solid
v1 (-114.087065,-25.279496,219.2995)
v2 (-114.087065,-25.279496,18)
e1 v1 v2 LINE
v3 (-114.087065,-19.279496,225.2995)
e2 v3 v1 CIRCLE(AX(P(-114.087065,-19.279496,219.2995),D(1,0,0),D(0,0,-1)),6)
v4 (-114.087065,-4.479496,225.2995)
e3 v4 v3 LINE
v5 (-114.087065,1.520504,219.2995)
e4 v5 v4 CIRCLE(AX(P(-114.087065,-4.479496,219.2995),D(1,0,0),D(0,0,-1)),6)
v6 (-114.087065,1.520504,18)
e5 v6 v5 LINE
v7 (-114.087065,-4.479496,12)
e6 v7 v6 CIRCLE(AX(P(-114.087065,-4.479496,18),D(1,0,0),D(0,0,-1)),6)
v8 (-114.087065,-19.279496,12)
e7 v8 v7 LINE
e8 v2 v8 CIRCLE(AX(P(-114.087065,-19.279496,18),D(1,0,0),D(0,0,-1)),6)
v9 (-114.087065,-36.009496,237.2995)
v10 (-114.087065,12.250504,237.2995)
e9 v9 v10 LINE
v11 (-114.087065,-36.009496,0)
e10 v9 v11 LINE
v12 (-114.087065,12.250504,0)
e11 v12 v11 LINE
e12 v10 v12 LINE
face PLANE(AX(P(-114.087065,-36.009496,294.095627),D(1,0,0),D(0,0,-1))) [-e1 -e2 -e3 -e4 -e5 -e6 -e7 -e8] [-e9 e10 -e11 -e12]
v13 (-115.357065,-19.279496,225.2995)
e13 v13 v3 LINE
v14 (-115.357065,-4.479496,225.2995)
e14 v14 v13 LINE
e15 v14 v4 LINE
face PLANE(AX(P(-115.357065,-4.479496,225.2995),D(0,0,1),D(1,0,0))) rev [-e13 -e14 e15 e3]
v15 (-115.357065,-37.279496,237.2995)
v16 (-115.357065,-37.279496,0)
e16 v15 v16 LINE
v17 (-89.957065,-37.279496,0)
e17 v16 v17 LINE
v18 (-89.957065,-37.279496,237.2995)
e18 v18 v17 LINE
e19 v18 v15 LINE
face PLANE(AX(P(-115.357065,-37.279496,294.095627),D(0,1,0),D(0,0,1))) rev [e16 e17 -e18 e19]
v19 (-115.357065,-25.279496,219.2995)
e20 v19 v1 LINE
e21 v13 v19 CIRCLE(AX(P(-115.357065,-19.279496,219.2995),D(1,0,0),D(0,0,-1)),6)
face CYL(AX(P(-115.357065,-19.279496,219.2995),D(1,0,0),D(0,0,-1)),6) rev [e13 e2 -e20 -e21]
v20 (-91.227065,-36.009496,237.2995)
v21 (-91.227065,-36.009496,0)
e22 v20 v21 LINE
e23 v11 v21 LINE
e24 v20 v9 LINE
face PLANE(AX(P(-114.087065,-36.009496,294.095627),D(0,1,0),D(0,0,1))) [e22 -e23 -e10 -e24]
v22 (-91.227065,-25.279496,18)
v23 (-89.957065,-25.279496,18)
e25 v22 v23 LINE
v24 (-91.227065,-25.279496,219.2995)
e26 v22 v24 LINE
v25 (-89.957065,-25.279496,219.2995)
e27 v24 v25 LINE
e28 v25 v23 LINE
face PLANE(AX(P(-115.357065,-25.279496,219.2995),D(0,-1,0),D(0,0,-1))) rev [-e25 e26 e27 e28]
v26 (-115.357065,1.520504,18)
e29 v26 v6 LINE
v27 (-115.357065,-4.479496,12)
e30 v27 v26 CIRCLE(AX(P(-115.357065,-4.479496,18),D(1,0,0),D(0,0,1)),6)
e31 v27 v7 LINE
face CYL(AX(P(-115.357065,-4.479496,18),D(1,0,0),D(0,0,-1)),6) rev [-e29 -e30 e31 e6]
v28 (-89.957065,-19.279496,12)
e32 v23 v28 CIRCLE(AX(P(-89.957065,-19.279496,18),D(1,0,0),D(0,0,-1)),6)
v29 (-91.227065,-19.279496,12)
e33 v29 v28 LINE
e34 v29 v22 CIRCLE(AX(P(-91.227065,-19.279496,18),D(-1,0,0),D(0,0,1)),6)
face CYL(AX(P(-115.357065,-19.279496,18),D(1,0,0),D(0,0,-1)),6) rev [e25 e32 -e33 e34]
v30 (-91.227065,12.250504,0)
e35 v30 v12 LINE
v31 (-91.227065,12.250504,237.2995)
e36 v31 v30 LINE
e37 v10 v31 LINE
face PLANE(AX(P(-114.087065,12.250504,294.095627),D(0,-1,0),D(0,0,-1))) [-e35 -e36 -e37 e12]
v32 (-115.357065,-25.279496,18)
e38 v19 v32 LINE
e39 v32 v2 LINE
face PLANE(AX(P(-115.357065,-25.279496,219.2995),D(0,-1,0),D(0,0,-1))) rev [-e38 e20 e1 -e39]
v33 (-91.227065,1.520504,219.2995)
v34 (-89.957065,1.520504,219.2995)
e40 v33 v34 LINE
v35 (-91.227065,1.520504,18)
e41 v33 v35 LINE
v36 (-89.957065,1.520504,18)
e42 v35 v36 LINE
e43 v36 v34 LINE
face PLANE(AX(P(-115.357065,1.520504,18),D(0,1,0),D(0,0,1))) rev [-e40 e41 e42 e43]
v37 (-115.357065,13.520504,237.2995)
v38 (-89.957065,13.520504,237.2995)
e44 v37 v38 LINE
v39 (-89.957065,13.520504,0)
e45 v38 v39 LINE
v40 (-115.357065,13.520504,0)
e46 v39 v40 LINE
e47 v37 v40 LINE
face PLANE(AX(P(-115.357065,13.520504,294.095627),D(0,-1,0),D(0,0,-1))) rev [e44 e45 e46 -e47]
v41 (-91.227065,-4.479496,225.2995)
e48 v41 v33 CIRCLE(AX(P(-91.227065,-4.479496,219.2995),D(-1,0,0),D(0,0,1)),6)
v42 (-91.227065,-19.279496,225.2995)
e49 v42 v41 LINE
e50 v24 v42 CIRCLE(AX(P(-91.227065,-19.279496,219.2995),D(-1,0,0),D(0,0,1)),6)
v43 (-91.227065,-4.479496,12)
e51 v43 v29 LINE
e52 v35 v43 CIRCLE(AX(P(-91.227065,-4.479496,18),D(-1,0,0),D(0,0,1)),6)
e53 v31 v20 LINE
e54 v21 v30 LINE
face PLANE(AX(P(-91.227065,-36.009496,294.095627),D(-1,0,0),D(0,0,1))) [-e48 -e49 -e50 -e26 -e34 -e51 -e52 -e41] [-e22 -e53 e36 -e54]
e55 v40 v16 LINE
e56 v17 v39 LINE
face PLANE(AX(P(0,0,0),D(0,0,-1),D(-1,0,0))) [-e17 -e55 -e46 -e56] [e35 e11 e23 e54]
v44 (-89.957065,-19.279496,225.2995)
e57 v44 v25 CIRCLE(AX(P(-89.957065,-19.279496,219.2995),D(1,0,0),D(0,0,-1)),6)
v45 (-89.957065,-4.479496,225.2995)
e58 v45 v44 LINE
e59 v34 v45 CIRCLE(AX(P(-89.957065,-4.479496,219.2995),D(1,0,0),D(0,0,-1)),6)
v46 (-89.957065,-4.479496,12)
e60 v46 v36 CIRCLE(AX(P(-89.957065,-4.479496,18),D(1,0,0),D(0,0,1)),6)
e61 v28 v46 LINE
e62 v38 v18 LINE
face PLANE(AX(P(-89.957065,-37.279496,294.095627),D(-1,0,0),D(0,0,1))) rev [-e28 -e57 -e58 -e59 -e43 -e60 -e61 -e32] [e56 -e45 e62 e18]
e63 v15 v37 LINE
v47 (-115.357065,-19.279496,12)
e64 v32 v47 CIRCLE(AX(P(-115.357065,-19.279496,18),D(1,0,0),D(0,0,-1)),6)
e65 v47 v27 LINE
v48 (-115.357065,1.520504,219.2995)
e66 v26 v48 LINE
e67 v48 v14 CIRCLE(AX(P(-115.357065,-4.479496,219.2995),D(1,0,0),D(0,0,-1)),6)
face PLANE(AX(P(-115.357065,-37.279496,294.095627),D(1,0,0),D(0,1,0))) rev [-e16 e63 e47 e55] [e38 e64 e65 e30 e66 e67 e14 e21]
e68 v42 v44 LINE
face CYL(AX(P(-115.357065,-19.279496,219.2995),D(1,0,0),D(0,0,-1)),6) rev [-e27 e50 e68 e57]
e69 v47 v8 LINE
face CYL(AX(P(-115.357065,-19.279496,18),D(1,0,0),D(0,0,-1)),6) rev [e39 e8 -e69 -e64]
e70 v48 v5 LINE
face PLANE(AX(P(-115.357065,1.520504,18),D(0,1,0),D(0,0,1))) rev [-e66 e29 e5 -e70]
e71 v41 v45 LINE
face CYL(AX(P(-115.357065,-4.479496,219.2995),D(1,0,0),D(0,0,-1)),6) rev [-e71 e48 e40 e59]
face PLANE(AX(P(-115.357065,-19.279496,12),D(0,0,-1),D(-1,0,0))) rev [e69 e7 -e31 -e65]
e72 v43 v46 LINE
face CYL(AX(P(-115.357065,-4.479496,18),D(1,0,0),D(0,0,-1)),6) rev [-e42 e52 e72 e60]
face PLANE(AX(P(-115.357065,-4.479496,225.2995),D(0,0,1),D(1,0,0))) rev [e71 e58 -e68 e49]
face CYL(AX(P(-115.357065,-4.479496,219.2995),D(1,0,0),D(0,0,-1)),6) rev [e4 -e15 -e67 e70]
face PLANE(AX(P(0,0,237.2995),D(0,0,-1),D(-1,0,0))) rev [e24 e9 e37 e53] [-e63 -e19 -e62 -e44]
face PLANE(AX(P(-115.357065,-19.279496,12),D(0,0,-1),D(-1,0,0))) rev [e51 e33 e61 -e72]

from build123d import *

# Parameters (mm, degrees)
SKETCH1_W           = 25.4
SKETCH1_H           = 50.8
SKETCH1_W_2         = 22.86
SKETCH1_H_2         = 48.26
BOSS_EXTRUDE1_DEPTH = 237.2995
CUT_EXTRUDE5_DEPTH  = 26.4


with BuildPart() as part:
    # Sketch1 → Boss-Extrude1 (new body)
    with BuildSketch(Plane.XY):
        with Locations((-102.657065342, -11.879495554)):
            Rectangle(SKETCH1_W, SKETCH1_H)
        with Locations((-102.657065342, -11.879495554)):
            Rectangle(SKETCH1_W_2, SKETCH1_H_2, mode=Mode.SUBTRACT)
    extrude(amount=BOSS_EXTRUDE1_DEPTH)

    # Sketch4 → Cut-Extrude5 (cut, through all)
    with BuildSketch(Plane(origin=(-89.957065342, 0, 0), x_dir=(0, 0, -1), z_dir=(1, 0, 0))):
        with BuildLine():
            Line((-18, 1.520504446), (-219.2995, 1.520504446))
            ThreePointArc((-219.2995, 1.520504446), (-223.542140687, -0.236854867), (-225.2995, -4.479495554))
            Line((-225.2995, -4.479495554), (-225.2995, -19.279495554))
            ThreePointArc((-225.2995, -19.279495554), (-223.542140687, -23.522136241), (-219.2995, -25.279495554))
            Line((-219.2995, -25.279495554), (-18, -25.279495554))
            ThreePointArc((-18, -25.279495554), (-13.757359313, -23.522136241), (-12, -19.279495554))
            Line((-12, -19.279495554), (-12, -4.479495554))
            ThreePointArc((-12, -4.479495554), (-13.757359313, -0.236854867), (-18, 1.520504446))
        make_face()
    extrude(amount=-CUT_EXTRUDE5_DEPTH, mode=Mode.SUBTRACT)


solid = part.part
